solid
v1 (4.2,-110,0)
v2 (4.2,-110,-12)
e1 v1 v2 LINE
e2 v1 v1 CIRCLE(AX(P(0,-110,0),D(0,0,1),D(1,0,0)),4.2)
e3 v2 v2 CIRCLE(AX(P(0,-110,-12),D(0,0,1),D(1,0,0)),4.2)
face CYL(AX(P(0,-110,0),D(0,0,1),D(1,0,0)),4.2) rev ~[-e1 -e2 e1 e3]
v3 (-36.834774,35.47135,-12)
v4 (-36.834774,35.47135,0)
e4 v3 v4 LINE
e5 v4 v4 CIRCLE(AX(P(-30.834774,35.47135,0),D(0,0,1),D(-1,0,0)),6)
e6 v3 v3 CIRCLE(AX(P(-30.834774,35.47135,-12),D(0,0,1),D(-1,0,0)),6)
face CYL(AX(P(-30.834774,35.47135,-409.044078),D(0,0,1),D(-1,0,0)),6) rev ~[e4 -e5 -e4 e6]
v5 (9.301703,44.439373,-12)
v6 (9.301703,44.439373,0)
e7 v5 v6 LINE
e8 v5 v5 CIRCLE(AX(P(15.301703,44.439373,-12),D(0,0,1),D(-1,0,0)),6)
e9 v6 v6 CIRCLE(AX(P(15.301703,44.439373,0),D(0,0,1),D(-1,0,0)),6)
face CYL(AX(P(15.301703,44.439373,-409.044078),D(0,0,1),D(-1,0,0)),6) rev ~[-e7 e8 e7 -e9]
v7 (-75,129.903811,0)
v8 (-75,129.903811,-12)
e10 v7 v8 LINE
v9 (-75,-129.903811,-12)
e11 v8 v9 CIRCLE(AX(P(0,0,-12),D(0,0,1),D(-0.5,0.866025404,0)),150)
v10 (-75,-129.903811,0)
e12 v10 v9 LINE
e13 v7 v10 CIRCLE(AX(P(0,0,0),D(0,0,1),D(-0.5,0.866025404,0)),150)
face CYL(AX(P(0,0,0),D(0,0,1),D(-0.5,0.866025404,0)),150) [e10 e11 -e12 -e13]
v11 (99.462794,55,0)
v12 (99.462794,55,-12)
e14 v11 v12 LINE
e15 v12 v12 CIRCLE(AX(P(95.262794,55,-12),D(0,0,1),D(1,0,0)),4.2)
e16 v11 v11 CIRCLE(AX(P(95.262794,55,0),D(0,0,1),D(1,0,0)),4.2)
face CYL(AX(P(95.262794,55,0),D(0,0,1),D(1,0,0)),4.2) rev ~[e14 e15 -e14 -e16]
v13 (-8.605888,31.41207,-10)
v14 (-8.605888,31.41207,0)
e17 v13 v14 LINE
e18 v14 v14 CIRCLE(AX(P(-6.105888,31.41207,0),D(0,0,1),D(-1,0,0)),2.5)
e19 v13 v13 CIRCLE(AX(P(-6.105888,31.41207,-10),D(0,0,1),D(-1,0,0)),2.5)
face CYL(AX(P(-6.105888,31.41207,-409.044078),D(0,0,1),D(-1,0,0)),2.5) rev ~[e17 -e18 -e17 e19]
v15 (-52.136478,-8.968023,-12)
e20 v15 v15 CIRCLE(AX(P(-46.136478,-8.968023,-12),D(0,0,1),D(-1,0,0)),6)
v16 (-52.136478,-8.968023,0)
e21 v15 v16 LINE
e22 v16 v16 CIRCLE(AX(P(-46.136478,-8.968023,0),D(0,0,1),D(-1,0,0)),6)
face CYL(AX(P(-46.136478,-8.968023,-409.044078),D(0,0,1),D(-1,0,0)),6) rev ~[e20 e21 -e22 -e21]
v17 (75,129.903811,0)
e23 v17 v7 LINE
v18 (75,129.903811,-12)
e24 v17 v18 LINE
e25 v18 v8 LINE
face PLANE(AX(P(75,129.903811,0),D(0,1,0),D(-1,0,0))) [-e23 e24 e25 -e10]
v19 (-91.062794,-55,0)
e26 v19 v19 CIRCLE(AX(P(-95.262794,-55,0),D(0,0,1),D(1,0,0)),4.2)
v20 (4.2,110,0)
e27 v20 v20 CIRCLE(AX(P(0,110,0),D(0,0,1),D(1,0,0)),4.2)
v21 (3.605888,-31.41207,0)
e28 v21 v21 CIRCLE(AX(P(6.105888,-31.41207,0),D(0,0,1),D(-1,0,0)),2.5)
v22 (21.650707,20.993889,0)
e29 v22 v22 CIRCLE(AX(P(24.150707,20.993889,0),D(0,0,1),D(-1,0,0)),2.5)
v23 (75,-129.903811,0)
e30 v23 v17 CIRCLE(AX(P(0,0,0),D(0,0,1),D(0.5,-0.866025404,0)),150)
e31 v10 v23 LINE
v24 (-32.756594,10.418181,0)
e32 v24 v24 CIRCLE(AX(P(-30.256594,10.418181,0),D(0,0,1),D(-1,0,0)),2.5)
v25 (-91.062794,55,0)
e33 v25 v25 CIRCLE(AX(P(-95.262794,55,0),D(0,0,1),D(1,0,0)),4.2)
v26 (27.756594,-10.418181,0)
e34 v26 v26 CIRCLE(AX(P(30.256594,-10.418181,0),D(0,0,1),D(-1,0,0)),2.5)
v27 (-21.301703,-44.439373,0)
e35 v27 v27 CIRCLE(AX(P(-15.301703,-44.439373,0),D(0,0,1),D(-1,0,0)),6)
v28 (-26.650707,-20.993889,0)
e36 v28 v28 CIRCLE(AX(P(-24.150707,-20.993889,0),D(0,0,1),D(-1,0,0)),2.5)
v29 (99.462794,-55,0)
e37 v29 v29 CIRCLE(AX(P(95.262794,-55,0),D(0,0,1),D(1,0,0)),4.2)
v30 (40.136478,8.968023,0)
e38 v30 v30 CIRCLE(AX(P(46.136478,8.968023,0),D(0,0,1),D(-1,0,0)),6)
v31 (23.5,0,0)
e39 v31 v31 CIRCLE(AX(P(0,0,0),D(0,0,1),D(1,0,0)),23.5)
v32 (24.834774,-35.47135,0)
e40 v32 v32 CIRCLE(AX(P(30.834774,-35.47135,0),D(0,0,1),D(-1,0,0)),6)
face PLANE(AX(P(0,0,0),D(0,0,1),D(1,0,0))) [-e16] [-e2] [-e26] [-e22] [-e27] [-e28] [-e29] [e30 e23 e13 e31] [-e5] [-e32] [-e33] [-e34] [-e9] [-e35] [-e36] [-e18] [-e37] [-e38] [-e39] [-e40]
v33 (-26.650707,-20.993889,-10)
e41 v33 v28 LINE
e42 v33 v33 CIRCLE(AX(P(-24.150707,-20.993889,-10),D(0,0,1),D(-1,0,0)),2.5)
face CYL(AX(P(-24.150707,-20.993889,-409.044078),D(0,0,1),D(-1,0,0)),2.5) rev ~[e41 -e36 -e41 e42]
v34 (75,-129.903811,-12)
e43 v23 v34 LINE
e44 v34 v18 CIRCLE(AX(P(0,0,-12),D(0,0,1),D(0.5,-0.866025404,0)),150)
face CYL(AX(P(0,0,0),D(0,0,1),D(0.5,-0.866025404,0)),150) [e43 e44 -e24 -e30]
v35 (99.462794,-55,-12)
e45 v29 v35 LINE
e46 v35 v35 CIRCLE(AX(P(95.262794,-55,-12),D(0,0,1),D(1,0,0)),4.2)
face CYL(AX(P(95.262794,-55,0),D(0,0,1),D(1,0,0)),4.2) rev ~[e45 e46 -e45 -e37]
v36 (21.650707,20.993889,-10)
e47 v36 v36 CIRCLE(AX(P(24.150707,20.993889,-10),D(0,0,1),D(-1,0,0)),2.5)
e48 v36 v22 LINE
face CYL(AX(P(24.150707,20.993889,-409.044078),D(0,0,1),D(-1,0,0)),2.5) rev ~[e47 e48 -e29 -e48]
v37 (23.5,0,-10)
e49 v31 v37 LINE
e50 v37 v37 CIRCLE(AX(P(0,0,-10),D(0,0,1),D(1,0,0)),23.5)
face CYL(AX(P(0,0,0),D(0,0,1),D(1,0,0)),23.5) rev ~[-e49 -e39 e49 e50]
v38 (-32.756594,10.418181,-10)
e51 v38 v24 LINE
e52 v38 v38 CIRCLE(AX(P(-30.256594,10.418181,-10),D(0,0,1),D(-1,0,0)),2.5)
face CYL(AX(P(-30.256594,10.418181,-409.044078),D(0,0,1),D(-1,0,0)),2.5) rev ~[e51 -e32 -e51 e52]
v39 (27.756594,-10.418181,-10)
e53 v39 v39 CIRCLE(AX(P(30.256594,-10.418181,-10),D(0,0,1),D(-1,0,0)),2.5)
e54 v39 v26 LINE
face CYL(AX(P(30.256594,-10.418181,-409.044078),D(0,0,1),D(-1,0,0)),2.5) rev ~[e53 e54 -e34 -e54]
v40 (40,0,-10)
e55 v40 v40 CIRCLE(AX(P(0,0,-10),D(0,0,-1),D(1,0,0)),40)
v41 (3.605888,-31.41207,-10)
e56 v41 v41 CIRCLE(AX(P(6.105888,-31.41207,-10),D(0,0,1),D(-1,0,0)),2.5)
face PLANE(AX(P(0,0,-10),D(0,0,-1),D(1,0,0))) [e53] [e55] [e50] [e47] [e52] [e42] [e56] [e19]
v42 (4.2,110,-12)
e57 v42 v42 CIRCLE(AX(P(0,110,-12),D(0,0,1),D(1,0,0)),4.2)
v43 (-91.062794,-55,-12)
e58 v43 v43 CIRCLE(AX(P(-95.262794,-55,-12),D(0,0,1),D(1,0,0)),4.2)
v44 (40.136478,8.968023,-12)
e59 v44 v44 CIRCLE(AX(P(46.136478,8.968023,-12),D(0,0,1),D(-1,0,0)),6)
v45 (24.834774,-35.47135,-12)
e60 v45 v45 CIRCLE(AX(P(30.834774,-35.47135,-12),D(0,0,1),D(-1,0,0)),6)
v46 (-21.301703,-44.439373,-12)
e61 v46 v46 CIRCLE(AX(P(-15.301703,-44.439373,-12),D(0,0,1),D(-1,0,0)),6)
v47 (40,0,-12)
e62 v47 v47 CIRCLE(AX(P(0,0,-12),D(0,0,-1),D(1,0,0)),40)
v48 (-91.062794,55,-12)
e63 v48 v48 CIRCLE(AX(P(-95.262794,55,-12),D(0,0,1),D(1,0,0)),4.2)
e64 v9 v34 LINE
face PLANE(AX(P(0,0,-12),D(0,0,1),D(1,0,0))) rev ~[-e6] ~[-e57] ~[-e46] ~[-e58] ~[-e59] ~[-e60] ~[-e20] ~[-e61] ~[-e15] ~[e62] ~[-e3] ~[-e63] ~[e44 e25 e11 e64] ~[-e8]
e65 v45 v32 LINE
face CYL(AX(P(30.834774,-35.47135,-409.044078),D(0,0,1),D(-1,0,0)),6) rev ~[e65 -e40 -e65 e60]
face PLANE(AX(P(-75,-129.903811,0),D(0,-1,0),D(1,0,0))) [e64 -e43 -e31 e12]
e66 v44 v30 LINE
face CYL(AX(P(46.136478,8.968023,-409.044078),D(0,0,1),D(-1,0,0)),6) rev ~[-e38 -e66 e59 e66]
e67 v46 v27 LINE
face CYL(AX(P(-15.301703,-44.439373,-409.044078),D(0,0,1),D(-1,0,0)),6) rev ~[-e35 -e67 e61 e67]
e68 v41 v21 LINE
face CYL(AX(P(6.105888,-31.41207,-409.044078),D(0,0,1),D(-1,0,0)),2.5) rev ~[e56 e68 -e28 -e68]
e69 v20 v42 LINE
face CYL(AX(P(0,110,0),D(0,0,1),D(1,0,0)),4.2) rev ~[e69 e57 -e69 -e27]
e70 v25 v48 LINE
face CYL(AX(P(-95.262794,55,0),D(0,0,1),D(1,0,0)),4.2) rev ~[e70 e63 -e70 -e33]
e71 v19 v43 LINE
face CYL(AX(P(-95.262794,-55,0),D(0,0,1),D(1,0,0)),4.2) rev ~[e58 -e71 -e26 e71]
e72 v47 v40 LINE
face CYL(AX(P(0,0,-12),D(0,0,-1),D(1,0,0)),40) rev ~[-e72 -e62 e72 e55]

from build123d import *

# Parameters (mm, degrees)
F0_R          = 4.2
F0_R_2        = 23.5
F1_DEPTH      = 12
F3_R          = 40
F4_DEPTH      = 2
F4_DEPTH_BACK = 10
F6_D          = 5
F7_D          = 12


with BuildPart() as f1:
    # F0 (on Top) → F1 (new body)
    with BuildSketch(Plane.XY):
        with BuildLine():
            Line((75, 129.9038105677), (-75, 129.9038105677))
            ThreePointArc((-75, 129.9038105677), (-150, 0), (-75, -129.9038105677))
            Line((-75, -129.9038105677), (75, -129.9038105677))
            ThreePointArc((75, -129.9038105677), (150, 0), (75, 129.9038105677))
        make_face()
        with Locations((0, -110)):
            Circle(F0_R, mode=Mode.SUBTRACT)
        with Locations((-95.2627944163, -55)):
            Circle(F0_R, mode=Mode.SUBTRACT)
        with Locations((95.2627944163, -55)):
            Circle(F0_R, mode=Mode.SUBTRACT)
        with Locations((-95.2627944163, 55)):
            Circle(F0_R, mode=Mode.SUBTRACT)
        Circle(F0_R_2, mode=Mode.SUBTRACT)
        with Locations((0, 110)):
            Circle(F0_R, mode=Mode.SUBTRACT)
        with Locations((95.2627944163, 55)):
            Circle(F0_R, mode=Mode.SUBTRACT)
    extrude(amount=-F1_DEPTH)

    # F3 (on offset) → F4 (cut, two sides)
    with BuildSketch(Plane(origin=(0, 0, -12), x_dir=(1, 0, 0), z_dir=(0, 0, -1))) as f4_sk:
        Circle(F3_R)
    extrude(amount=-F4_DEPTH, mode=Mode.SUBTRACT)
    extrude(f4_sk.sketch, amount=F4_DEPTH_BACK, mode=Mode.SUBTRACT)

    # F6 (through all)
    with Locations(Plane(origin=(0, 0, -12), x_dir=(1, 0, 0), z_dir=(0, 0, -1))):
        with Locations((6.105887852, 31.4120698703), (-24.1507065671, 20.9938889277), (-30.2565944192, -10.4181809426), (-6.105887852, -31.4120698703), (24.1507065671, -20.9938889277), (30.2565944192, 10.4181809426)):
            Hole(F6_D / 2)

    # F7 (through all)
    with Locations(Plane(origin=(0, 0, -12), x_dir=(1, 0, 0), z_dir=(0, 0, -1))):
        with Locations((-30.8347743626, -35.4713502705), (15.3017032595, -44.4393730532), (46.136477622, -8.9680227827), (30.8347743626, 35.4713502705), (-15.3017032595, 44.4393730532), (-46.136477622, 8.9680227827)):
            Hole(F7_D / 2)


solid = f1.part
